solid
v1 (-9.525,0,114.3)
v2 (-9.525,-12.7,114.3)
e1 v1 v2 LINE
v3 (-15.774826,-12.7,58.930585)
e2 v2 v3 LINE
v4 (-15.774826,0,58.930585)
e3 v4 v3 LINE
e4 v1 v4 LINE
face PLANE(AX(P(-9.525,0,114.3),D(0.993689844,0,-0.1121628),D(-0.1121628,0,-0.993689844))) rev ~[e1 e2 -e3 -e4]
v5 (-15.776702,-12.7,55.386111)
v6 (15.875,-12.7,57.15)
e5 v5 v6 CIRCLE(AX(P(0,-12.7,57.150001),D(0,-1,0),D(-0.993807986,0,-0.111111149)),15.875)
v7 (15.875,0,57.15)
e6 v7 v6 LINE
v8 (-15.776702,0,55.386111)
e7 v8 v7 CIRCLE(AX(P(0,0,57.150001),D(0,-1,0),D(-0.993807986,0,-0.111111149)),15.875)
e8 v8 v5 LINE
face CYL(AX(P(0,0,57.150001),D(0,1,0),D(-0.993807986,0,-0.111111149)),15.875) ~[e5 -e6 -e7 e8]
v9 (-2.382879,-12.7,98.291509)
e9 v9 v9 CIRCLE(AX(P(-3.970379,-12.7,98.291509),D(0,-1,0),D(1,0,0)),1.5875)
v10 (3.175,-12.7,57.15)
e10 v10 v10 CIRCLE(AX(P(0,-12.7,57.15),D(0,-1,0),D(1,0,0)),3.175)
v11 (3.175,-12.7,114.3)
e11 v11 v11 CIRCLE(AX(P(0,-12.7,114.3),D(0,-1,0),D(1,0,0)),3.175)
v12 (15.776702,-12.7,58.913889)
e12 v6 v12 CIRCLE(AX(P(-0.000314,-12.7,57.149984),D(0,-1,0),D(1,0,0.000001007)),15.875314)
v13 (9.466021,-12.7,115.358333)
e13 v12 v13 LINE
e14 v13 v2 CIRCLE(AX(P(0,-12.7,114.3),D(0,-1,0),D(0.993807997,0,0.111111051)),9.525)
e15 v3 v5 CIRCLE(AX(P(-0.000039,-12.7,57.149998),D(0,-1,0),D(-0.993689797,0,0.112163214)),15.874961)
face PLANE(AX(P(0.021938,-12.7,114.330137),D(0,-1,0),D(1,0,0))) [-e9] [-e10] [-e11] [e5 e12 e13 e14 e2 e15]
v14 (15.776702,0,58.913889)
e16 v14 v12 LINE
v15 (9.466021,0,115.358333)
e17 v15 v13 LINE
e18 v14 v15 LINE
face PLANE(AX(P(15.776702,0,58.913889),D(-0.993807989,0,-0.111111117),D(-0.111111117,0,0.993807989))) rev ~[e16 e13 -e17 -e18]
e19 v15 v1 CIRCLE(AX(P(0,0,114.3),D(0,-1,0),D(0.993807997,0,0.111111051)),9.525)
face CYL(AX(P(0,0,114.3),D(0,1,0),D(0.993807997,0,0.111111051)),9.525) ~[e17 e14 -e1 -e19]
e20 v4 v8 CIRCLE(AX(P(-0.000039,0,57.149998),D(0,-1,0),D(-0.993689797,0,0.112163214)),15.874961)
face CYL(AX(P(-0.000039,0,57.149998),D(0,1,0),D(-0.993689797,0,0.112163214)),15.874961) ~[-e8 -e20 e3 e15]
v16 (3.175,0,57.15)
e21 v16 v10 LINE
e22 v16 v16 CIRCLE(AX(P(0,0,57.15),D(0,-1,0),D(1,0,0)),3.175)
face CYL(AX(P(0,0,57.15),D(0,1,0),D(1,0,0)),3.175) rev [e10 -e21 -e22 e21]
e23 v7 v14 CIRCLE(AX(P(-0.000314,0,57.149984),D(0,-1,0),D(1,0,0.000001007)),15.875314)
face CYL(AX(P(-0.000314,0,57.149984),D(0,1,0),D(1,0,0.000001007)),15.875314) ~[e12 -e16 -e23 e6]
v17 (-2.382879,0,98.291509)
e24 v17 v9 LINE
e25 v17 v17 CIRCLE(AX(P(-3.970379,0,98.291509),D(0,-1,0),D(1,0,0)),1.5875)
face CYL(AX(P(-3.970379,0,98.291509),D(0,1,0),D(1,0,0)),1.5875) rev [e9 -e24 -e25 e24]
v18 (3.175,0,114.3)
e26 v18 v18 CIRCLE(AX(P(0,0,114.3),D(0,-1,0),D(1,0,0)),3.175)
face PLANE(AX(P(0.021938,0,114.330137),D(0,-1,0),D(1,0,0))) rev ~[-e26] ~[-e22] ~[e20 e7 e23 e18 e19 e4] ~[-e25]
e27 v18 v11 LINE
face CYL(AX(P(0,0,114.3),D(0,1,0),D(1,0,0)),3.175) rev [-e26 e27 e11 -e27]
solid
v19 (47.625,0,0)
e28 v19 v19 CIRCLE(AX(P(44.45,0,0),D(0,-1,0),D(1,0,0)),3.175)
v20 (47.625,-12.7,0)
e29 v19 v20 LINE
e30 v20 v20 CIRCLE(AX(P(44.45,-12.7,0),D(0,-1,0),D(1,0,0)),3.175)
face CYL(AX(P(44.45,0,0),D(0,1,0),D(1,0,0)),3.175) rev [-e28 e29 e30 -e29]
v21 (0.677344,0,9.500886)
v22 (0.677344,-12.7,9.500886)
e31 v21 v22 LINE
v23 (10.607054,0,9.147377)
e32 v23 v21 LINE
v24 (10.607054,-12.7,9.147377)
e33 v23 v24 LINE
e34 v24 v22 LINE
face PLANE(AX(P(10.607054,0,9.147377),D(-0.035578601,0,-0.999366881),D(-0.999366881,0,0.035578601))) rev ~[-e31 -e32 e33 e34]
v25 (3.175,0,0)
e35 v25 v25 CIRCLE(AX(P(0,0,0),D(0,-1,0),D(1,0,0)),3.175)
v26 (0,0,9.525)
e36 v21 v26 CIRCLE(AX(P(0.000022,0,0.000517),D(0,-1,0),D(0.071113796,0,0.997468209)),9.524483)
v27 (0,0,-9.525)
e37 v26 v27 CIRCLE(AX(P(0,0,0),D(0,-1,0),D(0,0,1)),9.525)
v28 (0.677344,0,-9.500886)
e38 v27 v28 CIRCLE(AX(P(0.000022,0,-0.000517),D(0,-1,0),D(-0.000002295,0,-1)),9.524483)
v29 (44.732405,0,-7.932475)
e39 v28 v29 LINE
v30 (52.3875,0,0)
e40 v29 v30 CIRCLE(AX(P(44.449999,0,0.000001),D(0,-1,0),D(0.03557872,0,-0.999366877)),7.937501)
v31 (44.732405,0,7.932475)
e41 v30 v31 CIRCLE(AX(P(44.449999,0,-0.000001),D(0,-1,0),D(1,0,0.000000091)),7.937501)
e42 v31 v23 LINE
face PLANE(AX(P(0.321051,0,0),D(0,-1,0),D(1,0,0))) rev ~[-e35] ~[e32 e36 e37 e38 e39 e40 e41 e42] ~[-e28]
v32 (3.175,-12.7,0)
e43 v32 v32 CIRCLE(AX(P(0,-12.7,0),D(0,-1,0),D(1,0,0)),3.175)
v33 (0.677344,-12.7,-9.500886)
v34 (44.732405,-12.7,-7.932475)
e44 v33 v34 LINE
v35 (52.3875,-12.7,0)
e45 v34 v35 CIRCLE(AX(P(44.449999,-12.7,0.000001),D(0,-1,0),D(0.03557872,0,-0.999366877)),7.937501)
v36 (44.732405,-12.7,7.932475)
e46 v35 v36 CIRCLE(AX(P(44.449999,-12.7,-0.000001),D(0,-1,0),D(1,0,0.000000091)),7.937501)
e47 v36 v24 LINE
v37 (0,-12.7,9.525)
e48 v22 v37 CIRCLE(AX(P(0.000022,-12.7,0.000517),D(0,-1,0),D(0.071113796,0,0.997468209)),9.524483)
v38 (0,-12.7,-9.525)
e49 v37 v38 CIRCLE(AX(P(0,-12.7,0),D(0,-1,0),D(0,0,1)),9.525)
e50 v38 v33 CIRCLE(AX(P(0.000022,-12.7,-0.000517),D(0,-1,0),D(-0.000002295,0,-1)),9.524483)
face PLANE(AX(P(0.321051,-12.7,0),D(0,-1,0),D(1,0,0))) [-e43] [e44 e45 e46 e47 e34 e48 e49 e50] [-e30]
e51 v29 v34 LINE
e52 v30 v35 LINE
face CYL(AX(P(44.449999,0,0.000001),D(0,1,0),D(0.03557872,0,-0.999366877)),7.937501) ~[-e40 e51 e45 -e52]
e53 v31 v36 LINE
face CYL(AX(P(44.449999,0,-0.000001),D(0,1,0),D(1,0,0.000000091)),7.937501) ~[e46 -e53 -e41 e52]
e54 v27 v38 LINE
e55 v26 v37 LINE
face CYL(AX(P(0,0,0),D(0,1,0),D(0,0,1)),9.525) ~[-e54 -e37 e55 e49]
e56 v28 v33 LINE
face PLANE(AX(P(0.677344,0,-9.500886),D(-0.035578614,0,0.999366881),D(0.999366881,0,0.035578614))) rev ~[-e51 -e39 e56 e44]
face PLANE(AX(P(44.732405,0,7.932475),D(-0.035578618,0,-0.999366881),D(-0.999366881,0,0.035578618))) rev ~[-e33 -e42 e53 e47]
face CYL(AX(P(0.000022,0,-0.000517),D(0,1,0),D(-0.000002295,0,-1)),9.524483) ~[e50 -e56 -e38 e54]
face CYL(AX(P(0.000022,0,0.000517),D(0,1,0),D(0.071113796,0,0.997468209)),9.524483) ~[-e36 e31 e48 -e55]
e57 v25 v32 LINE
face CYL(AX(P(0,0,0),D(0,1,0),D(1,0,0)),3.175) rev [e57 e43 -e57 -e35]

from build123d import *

# Parameters (mm, degrees)
F0_R     = 3.175
F0_R_2   = 1.5875
F1_DEPTH = 12.7


with BuildPart() as f1:
    # F0 (on Front) → F1 (new body)
    with BuildSketch(Plane.XZ):
        with BuildLine():
            ThreePointArc((-9.525, 114.3), (0, 104.775), (9.525, 114.3))
            ThreePointArc((9.525, 114.3), (9.510244, 114.829988), (9.466021, 115.358333))
            ThreePointArc((9.466021, 115.358333), (-0.529988, 123.810244), (-9.525, 114.3))
        make_face()
        with Locations((0, 114.3)):
            Circle(F0_R, mode=Mode.SUBTRACT)
        with BuildLine():
            ThreePointArc((9.466021, 115.358333), (9.510244, 114.829988), (9.525, 114.3))
            ThreePointArc((9.525, 114.3), (0, 104.775), (-9.525, 114.3))
            Line((-9.525, 114.3), (-15.774826, 58.930585))
            ThreePointArc((-15.774826, 58.930585), (0.0084, 73.024998), (15.776702, 58.913889))
            Line((15.776702, 58.913889), (9.466021, 115.358333))
        make_face()
        with Locations((-3.970379, 98.291509)):
            Circle(F0_R_2, mode=Mode.SUBTRACT)
        with BuildLine():
            ThreePointArc((15.875, 57.15), (15.850406, 58.033313), (15.776702, 58.913889))
            ThreePointArc((15.776702, 58.913889), (0.0084, 73.024998), (-15.774826, 58.930585))
            ThreePointArc((-15.774826, 58.930585), (-15.874998, 57.1584), (-15.776702, 55.386111))
            ThreePointArc((-15.776702, 55.386111), (0.883313, 41.299594), (15.875, 57.15))
        make_face()
        with Locations((0, 57.15)):
            Circle(F0_R, mode=Mode.SUBTRACT)
        with BuildLine():
            Line((0.677344, 9.500886), (0, 9.525))
            ThreePointArc((0, 9.525), (-9.525, 0), (0, -9.525))
            Line((0, -9.525), (0.677344, -9.500886))
            ThreePointArc((0.677344, -9.500886), (6.970557, -6.491299), (9.525, 0))
            ThreePointArc((9.525, 0), (6.970557, 6.491299), (0.677344, 9.500886))
        make_face()
        Circle(F0_R, mode=Mode.SUBTRACT)
        with BuildLine():
            ThreePointArc((0.677344, 9.500886), (0.338886, 9.51897), (0, 9.525))
            Line((0, 9.525), (0.677344, 9.500886))
        make_face()
        with BuildLine():
            Line((0.677344, -9.500886), (0, -9.525))
            ThreePointArc((0, -9.525), (0.338886, -9.51897), (0.677344, -9.500886))
        make_face()
        with BuildLine():
            Line((10.607054, 9.147377), (0.677344, 9.500886))
            ThreePointArc((0.677344, 9.500886), (6.970557, 6.491299), (9.525, 0))
            ThreePointArc((9.525, 0), (6.970557, -6.491299), (0.677344, -9.500886))
            Line((0.677344, -9.500886), (44.732405, -7.932475))
            ThreePointArc((44.732405, -7.932475), (36.5125, 0), (44.732405, 7.932475))
            Line((44.732405, 7.932475), (10.607054, 9.147377))
        make_face()
        with BuildLine():
            ThreePointArc((44.732405, 7.932475), (36.5125, 0), (44.732405, -7.932475))
            ThreePointArc((44.732405, -7.932475), (50.161633, -5.51191), (52.3875, 0))
            ThreePointArc((52.3875, 0), (50.161633, 5.51191), (44.732405, 7.932475))
        make_face()
        with Locations((44.45, 0)):
            Circle(F0_R, mode=Mode.SUBTRACT)
    extrude(amount=F1_DEPTH)


solid = f1.part
